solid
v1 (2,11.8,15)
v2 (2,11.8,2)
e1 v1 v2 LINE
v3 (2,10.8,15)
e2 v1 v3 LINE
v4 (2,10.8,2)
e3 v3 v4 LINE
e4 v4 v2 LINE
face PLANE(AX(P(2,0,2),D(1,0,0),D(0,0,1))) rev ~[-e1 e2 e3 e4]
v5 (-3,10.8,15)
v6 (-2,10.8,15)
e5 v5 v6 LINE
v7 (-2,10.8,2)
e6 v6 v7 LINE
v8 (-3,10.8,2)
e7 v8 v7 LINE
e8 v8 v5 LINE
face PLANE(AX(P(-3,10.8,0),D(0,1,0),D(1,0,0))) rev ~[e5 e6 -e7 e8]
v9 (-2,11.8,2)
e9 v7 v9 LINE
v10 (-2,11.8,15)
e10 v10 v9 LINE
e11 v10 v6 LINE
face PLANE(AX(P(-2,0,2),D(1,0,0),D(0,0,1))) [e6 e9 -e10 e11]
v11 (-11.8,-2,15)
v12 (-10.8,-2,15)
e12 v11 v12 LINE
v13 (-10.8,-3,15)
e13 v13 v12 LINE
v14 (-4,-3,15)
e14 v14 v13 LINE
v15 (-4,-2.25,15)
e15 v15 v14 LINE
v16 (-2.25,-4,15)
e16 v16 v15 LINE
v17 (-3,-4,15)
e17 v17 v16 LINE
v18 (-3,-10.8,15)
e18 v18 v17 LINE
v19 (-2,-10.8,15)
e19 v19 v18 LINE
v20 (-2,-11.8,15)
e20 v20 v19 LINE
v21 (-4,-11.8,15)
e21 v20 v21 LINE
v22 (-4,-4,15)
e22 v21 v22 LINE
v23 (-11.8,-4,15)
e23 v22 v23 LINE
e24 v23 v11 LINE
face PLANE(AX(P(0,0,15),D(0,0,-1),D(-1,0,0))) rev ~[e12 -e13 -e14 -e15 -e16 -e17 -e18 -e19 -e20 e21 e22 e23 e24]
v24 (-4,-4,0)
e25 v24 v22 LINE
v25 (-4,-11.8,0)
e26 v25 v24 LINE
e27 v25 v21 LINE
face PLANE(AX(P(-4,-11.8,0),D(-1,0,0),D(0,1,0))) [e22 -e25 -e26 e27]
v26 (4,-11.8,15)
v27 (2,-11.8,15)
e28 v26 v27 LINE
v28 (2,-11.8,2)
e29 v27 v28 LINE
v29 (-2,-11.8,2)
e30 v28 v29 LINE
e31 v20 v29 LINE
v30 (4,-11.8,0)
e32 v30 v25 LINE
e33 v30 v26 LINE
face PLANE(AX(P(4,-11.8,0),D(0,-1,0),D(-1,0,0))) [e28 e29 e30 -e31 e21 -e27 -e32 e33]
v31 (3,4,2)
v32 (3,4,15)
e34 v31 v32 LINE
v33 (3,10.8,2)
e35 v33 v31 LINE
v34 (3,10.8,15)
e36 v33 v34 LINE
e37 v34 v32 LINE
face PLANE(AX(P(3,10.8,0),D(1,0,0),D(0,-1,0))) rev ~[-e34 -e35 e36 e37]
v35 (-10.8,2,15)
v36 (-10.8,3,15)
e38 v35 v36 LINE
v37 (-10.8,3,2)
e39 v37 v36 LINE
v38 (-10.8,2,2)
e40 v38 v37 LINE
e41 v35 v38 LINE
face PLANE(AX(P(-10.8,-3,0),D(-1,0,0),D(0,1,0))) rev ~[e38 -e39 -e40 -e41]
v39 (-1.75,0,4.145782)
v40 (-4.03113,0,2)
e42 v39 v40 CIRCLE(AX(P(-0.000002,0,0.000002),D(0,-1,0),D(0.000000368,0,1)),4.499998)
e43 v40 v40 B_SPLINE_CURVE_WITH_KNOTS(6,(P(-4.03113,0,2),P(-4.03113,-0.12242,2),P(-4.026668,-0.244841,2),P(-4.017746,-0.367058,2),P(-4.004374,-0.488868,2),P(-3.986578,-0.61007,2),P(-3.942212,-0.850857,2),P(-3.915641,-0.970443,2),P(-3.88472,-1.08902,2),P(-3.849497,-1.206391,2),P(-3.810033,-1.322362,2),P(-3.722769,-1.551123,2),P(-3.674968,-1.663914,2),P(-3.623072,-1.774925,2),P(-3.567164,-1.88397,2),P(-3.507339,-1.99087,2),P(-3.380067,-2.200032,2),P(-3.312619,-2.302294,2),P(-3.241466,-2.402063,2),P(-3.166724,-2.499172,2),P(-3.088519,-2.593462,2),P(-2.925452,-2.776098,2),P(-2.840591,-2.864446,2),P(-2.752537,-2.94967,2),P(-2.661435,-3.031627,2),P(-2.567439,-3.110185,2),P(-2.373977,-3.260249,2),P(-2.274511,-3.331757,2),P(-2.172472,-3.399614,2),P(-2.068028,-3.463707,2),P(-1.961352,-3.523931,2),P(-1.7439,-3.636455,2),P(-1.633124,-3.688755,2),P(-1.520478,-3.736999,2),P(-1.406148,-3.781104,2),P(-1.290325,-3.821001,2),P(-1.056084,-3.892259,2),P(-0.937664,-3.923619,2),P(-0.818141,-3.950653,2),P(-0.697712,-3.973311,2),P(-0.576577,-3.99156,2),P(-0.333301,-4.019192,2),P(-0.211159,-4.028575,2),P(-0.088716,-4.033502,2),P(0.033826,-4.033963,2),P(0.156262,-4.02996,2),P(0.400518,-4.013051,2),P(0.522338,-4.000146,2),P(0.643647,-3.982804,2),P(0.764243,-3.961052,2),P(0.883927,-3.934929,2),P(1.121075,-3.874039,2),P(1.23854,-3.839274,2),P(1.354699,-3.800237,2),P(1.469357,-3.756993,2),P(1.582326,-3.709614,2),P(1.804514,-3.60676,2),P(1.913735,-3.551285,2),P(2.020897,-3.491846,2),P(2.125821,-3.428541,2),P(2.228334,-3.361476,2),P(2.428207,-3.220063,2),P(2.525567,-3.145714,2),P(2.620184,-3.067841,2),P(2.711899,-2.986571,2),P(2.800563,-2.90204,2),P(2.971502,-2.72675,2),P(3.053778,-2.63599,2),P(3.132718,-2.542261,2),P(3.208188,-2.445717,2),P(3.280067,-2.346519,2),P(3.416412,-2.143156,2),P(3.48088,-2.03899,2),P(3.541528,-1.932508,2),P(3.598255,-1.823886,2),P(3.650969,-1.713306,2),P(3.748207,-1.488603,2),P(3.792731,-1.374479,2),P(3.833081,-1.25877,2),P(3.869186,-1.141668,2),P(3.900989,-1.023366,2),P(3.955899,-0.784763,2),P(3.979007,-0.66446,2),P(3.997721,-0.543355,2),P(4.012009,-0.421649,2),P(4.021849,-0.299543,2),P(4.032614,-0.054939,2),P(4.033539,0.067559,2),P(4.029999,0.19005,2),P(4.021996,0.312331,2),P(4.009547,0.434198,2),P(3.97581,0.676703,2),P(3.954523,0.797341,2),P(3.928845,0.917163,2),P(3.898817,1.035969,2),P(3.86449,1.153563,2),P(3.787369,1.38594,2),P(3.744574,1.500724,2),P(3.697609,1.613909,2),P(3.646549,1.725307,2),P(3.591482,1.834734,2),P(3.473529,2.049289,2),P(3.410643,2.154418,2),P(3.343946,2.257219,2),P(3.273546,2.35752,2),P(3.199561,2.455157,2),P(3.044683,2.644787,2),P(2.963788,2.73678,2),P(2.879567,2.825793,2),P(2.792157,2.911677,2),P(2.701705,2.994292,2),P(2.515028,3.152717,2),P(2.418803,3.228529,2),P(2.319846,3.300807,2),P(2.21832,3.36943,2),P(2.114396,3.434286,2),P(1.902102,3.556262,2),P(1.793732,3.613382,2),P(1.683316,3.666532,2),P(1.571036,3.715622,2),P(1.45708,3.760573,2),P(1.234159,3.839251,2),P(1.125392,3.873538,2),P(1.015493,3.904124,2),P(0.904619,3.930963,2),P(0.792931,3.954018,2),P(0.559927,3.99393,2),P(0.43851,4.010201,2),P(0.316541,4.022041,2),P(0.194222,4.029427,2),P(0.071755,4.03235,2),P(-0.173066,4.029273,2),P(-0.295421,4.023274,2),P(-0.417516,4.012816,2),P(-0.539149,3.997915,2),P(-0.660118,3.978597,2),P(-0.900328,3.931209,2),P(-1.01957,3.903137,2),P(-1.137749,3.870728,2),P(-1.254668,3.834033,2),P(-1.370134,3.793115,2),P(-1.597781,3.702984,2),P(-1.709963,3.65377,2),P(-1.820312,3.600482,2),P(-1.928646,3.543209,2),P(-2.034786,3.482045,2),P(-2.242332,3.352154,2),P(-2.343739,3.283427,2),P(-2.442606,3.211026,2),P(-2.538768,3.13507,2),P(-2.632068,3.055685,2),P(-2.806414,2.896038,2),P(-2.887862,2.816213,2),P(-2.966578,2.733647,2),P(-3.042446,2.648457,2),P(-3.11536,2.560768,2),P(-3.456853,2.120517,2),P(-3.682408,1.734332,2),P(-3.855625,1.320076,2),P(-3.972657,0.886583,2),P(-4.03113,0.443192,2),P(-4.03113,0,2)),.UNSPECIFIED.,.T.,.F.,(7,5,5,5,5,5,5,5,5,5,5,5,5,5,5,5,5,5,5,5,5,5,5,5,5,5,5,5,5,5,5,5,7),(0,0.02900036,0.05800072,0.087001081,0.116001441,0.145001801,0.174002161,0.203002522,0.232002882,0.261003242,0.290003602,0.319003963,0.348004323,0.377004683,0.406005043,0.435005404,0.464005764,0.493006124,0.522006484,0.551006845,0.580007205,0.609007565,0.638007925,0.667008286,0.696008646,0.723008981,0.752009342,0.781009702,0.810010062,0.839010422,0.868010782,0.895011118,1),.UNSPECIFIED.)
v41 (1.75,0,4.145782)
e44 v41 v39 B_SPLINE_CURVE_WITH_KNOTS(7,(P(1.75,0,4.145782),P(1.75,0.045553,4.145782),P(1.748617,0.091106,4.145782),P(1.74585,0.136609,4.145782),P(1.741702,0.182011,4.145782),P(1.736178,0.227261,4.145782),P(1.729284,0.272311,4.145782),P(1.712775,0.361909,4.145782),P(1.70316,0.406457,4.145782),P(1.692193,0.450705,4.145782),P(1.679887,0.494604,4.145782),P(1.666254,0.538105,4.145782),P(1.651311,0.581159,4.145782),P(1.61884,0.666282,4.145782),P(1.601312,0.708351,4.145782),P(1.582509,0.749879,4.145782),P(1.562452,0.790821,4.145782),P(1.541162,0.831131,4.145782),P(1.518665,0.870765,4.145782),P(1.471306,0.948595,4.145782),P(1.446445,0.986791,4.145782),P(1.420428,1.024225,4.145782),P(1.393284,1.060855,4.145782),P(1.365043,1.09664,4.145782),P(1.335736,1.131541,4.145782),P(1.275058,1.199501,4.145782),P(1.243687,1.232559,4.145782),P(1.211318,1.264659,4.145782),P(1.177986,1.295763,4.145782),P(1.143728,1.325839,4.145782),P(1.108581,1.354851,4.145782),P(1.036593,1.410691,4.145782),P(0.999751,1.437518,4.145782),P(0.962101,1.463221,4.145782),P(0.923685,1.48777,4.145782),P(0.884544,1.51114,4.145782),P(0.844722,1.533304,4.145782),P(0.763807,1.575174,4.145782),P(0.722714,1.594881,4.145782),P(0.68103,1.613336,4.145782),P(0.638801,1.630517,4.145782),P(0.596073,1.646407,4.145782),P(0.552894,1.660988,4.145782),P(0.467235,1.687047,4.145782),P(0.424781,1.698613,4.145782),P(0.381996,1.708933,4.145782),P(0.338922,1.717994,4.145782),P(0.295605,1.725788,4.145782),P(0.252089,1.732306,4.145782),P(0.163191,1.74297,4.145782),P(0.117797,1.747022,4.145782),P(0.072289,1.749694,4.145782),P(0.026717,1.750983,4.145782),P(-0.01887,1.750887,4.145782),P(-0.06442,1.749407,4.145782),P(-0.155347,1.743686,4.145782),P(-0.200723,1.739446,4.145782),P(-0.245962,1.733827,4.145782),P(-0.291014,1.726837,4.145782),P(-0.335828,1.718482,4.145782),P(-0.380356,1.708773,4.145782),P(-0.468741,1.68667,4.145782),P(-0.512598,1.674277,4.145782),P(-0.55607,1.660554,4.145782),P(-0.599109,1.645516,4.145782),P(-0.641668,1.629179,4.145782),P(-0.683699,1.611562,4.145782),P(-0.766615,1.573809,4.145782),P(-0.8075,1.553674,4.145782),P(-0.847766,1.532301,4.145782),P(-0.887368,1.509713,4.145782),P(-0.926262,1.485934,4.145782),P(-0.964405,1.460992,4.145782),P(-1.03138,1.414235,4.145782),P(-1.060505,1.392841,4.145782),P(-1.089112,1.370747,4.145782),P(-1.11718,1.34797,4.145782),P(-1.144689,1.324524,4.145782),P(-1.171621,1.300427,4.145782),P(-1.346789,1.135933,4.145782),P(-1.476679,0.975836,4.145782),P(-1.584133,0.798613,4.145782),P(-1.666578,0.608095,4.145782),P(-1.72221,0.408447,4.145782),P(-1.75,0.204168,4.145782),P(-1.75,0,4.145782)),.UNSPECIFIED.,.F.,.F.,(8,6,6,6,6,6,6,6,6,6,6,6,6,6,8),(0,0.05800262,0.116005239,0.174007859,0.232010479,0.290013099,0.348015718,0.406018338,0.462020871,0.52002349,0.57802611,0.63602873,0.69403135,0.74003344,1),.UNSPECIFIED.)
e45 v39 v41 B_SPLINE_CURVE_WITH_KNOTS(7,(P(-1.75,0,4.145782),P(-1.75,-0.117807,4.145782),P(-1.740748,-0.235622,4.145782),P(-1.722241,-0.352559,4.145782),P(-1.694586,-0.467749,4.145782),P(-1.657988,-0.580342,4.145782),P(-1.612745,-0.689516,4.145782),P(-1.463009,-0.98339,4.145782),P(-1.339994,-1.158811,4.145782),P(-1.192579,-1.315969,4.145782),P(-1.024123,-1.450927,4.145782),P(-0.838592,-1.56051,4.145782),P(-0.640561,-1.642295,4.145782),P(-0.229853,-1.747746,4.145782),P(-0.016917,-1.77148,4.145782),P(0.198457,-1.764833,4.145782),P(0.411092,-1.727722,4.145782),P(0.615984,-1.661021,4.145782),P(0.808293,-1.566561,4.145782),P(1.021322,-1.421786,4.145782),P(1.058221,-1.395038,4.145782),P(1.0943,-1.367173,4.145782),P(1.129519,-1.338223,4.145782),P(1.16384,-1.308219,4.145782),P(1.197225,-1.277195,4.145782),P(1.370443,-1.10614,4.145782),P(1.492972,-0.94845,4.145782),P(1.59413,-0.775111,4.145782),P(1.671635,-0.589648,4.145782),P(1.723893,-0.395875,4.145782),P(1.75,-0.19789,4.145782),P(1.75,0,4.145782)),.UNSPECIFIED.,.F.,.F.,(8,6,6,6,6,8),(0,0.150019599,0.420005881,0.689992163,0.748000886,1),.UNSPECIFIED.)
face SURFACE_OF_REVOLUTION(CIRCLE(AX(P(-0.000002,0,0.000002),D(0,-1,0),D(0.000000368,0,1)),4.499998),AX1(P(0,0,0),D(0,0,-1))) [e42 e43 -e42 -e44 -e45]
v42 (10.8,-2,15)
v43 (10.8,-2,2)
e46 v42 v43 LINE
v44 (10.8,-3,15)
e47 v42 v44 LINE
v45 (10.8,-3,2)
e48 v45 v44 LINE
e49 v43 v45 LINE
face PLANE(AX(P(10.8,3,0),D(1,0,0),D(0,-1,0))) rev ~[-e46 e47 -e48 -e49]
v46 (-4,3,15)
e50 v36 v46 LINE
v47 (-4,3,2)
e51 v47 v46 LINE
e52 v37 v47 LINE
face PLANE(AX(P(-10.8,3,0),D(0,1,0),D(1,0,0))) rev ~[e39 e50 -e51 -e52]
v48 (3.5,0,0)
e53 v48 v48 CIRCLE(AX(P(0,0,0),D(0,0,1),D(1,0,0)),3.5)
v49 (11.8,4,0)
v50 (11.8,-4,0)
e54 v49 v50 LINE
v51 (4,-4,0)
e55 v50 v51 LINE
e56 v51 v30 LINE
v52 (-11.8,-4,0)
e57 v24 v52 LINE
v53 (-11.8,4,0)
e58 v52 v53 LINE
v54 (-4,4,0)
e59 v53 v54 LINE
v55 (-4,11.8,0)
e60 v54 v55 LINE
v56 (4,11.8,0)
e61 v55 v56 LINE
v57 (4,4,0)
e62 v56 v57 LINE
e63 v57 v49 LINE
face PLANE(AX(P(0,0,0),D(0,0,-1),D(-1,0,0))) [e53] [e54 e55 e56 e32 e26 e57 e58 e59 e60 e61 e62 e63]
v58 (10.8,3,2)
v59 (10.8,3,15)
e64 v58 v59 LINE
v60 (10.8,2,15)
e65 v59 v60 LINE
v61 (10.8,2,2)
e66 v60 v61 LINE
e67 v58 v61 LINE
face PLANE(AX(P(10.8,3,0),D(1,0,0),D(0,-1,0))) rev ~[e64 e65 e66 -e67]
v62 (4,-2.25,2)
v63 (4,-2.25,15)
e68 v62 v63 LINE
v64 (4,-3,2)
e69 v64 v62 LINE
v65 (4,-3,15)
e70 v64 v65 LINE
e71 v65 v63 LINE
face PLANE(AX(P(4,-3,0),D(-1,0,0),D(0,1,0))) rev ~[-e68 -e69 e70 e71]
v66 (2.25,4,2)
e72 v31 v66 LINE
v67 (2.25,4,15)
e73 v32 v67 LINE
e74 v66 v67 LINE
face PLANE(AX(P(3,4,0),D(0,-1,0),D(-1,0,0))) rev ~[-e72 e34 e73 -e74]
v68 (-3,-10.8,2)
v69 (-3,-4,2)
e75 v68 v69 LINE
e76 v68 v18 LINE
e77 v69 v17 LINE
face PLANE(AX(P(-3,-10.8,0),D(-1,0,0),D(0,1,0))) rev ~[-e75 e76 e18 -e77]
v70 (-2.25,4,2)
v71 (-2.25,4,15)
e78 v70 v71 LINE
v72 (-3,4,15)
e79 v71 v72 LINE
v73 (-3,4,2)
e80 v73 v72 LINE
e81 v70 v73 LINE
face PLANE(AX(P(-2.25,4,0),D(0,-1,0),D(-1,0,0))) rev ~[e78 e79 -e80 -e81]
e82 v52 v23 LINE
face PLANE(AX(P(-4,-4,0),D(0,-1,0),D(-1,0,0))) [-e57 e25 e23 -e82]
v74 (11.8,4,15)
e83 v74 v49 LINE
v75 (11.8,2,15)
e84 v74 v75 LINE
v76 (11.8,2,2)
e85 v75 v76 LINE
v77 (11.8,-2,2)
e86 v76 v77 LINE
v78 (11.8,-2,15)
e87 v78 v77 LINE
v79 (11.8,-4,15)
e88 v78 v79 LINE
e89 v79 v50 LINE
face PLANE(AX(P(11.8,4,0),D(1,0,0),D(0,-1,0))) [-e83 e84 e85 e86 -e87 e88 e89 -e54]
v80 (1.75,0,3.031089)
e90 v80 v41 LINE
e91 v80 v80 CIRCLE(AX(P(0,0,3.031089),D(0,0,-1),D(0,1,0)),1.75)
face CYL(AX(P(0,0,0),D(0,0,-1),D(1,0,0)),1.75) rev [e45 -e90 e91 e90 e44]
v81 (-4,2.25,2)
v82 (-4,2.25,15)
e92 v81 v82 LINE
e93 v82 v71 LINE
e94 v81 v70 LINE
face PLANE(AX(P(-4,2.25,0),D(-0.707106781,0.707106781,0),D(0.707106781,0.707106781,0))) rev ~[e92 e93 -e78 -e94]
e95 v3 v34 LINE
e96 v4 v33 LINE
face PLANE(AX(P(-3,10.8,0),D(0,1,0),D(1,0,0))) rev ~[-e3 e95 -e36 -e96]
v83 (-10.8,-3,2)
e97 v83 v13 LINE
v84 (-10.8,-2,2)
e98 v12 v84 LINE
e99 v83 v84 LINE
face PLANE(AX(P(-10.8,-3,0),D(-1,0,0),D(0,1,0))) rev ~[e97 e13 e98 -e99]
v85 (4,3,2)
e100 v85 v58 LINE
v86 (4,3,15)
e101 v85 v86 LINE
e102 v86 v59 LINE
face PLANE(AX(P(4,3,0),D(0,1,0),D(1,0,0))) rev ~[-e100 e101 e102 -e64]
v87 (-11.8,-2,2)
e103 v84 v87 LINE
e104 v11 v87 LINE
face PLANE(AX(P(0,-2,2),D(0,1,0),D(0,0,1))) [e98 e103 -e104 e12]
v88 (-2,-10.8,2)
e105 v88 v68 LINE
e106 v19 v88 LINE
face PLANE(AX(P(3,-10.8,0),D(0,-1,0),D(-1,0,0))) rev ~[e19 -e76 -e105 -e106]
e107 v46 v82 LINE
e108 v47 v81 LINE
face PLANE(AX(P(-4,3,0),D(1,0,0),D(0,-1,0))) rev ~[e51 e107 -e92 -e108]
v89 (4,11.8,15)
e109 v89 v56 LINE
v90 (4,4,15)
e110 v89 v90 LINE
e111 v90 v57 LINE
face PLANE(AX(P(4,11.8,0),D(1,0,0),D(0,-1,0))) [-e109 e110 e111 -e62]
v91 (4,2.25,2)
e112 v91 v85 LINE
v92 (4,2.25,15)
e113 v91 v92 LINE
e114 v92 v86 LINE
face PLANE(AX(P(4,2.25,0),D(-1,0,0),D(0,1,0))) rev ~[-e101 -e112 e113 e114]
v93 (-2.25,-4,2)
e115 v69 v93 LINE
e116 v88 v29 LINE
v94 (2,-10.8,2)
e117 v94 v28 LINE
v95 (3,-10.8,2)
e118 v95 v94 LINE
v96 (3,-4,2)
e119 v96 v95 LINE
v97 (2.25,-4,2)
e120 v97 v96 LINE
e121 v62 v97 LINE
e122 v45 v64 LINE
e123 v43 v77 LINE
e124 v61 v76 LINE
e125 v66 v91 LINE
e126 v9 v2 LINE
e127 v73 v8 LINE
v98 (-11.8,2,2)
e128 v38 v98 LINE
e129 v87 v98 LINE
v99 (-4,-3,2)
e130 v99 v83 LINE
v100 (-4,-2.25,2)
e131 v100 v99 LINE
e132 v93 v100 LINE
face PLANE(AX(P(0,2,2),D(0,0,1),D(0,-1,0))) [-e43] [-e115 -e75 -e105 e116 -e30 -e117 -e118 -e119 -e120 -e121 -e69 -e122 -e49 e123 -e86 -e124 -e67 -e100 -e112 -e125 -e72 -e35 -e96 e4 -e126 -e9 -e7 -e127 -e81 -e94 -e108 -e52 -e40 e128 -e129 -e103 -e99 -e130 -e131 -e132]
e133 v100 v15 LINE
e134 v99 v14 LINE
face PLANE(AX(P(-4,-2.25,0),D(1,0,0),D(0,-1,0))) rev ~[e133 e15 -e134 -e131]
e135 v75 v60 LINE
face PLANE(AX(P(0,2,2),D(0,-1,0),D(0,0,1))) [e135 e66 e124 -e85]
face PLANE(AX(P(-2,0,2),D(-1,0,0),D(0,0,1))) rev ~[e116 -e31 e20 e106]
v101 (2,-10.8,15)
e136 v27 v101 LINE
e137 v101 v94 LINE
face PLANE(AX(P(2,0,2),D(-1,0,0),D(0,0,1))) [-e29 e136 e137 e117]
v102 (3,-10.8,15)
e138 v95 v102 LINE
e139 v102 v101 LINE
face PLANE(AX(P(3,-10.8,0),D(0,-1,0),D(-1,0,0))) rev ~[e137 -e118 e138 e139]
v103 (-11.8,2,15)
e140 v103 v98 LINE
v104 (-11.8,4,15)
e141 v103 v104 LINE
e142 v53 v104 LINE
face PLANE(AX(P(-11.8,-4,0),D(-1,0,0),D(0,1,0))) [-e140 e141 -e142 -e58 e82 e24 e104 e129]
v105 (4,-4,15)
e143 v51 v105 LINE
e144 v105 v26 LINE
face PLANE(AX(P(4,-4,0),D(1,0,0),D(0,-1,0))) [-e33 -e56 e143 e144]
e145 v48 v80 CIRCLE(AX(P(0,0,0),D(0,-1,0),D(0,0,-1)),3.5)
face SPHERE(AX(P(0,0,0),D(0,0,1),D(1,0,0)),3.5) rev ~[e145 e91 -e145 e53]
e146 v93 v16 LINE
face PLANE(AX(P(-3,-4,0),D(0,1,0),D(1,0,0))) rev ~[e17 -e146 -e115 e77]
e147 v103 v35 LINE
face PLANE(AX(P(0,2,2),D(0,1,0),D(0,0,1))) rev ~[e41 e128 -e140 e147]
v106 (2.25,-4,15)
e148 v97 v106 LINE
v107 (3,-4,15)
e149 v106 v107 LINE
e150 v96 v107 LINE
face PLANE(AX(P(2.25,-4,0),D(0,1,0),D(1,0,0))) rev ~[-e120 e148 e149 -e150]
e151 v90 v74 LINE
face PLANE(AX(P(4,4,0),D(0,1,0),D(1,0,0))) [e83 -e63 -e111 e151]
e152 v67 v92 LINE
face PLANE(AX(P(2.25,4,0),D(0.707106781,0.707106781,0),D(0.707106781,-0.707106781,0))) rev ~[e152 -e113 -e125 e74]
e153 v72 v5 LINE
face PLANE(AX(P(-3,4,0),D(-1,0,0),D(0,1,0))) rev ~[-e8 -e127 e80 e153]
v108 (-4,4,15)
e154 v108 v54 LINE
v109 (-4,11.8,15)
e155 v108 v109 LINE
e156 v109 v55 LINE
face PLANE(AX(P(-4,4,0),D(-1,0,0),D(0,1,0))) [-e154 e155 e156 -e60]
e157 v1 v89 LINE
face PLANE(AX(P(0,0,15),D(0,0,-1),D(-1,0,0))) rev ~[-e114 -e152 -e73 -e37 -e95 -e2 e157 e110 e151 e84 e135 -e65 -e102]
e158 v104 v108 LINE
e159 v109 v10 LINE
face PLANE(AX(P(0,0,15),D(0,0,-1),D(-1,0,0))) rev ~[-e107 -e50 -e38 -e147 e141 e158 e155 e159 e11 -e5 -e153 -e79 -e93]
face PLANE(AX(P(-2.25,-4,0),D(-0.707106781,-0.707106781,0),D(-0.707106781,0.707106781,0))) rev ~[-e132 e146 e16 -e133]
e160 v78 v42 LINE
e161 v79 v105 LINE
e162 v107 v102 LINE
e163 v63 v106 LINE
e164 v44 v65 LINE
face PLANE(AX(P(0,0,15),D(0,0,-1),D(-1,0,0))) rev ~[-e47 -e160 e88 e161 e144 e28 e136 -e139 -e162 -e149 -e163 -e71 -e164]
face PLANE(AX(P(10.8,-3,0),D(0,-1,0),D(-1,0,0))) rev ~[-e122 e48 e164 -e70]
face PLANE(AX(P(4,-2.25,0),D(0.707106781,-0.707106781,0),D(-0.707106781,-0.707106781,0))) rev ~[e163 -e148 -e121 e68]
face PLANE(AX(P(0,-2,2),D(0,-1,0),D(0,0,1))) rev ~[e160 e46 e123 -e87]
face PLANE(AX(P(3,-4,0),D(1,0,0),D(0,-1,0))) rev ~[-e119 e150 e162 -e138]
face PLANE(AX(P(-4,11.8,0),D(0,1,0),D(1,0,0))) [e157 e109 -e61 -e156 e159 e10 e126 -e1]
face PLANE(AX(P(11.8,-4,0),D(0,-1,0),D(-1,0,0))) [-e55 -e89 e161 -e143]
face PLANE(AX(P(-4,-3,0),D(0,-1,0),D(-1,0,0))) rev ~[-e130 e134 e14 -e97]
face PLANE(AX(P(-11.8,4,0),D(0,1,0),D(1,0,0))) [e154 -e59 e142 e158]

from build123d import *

# Parameters (mm, degrees)
PAD052_DEPTH          = 15
BOX006_W              = 4
BOX006_H              = 15
BOX006_DEPTH          = 12
POLARPATTERN021_COUNT = 4
PAD053_DEPTH          = 2
CYLINDER079_R         = 1.75
CYLINDER079_DEPTH     = 5


with BuildPart() as part:
    # Sketch087 → Pad052 (new body)
    with BuildSketch(Plane.XY):
        Polygon((-11.8, 4), (-4, 4), (-4, 11.8), (4, 11.8), (4, 4), (11.8, 4), (11.8, -4), (4, -4), (4, -11.8), (-4, -11.8), (-4, -4), (-11.8, -4), align=None)
        Polygon((-3, 10.8), (3, 10.8), (3, 4), (2.25, 4), (4, 2.25), (4, 3), (10.8, 3), (10.8, -3), (4, -3), (4, -2.25), (2.25, -4), (3, -4), (3, -10.8), (-3, -10.8), (-3, -4), (-2.25, -4), (-4, -2.25), (-4, -3), (-10.8, -3), (-10.8, 3), (-4, 3), (-4, 2.25), (-2.25, 4), (-3, 4), align=None, mode=Mode.SUBTRACT)
    extrude(amount=PAD052_DEPTH)

    # Box006 → Box006 (cut)
    with BuildSketch(Plane(origin=(-2, 0, 2), x_dir=(1, 0, 0), z_dir=(0, -1, 0))):
        with Locations((2, 7.5)):
            Rectangle(BOX006_W, BOX006_H)
    box006 = extrude(amount=BOX006_DEPTH, mode=Mode.SUBTRACT)

    # PolarPattern021: Box006 ×4 about axis
    polarpattern021_axis = Axis((0, 0, 0), (0, 0, 1))
    for i in range(1, POLARPATTERN021_COUNT):
        add(box006.rotate(polarpattern021_axis, i * 360 / POLARPATTERN021_COUNT), mode=Mode.SUBTRACT)

    # Sketch088 → Pad053 (join)
    with BuildSketch(Plane.XY):
        Polygon((-4, 11.8), (-4, 4), (-11.8, 4), (-11.8, -4), (-4, -4), (-4, -11.8), (4, -11.8), (4, -4), (11.8, -4), (11.8, 4), (4, 4), (4, 11.8), align=None)
    extrude(amount=PAD053_DEPTH)

    # Sphere003 → Sphere003 (revolve)
    with BuildSketch(Plane(origin=(0, 0, 0), x_dir=(-1, 0, 0), z_dir=(0, -1, 0))):
        with BuildLine():
            ThreePointArc((0, -4.5), (3.181981, -3.181981), (4.5, 0))
            Line((4.5, 0), (0, 0))
            Line((0, 0), (0, -4.5))
        make_face()
    revolve(axis=Axis((0, 0, 0), (0, 0, -1)))

    # Cylinder079 → Cylinder079 (cut)
    with BuildSketch(Plane.XY):
        Circle(CYLINDER079_R)
    extrude(amount=CYLINDER079_DEPTH, mode=Mode.SUBTRACT)

    # Sphere002 → Sphere002 (revolve, cut)
    with BuildSketch(Plane.XZ):
        with BuildLine():
            ThreePointArc((0, -3.5), (3.5, 0), (0, 3.5))
            Line((0, 3.5), (0, -3.5))
        make_face()
    revolve(axis=Axis((0, 0, 0), (0, 0, 1)), mode=Mode.SUBTRACT)


solid = part.part
